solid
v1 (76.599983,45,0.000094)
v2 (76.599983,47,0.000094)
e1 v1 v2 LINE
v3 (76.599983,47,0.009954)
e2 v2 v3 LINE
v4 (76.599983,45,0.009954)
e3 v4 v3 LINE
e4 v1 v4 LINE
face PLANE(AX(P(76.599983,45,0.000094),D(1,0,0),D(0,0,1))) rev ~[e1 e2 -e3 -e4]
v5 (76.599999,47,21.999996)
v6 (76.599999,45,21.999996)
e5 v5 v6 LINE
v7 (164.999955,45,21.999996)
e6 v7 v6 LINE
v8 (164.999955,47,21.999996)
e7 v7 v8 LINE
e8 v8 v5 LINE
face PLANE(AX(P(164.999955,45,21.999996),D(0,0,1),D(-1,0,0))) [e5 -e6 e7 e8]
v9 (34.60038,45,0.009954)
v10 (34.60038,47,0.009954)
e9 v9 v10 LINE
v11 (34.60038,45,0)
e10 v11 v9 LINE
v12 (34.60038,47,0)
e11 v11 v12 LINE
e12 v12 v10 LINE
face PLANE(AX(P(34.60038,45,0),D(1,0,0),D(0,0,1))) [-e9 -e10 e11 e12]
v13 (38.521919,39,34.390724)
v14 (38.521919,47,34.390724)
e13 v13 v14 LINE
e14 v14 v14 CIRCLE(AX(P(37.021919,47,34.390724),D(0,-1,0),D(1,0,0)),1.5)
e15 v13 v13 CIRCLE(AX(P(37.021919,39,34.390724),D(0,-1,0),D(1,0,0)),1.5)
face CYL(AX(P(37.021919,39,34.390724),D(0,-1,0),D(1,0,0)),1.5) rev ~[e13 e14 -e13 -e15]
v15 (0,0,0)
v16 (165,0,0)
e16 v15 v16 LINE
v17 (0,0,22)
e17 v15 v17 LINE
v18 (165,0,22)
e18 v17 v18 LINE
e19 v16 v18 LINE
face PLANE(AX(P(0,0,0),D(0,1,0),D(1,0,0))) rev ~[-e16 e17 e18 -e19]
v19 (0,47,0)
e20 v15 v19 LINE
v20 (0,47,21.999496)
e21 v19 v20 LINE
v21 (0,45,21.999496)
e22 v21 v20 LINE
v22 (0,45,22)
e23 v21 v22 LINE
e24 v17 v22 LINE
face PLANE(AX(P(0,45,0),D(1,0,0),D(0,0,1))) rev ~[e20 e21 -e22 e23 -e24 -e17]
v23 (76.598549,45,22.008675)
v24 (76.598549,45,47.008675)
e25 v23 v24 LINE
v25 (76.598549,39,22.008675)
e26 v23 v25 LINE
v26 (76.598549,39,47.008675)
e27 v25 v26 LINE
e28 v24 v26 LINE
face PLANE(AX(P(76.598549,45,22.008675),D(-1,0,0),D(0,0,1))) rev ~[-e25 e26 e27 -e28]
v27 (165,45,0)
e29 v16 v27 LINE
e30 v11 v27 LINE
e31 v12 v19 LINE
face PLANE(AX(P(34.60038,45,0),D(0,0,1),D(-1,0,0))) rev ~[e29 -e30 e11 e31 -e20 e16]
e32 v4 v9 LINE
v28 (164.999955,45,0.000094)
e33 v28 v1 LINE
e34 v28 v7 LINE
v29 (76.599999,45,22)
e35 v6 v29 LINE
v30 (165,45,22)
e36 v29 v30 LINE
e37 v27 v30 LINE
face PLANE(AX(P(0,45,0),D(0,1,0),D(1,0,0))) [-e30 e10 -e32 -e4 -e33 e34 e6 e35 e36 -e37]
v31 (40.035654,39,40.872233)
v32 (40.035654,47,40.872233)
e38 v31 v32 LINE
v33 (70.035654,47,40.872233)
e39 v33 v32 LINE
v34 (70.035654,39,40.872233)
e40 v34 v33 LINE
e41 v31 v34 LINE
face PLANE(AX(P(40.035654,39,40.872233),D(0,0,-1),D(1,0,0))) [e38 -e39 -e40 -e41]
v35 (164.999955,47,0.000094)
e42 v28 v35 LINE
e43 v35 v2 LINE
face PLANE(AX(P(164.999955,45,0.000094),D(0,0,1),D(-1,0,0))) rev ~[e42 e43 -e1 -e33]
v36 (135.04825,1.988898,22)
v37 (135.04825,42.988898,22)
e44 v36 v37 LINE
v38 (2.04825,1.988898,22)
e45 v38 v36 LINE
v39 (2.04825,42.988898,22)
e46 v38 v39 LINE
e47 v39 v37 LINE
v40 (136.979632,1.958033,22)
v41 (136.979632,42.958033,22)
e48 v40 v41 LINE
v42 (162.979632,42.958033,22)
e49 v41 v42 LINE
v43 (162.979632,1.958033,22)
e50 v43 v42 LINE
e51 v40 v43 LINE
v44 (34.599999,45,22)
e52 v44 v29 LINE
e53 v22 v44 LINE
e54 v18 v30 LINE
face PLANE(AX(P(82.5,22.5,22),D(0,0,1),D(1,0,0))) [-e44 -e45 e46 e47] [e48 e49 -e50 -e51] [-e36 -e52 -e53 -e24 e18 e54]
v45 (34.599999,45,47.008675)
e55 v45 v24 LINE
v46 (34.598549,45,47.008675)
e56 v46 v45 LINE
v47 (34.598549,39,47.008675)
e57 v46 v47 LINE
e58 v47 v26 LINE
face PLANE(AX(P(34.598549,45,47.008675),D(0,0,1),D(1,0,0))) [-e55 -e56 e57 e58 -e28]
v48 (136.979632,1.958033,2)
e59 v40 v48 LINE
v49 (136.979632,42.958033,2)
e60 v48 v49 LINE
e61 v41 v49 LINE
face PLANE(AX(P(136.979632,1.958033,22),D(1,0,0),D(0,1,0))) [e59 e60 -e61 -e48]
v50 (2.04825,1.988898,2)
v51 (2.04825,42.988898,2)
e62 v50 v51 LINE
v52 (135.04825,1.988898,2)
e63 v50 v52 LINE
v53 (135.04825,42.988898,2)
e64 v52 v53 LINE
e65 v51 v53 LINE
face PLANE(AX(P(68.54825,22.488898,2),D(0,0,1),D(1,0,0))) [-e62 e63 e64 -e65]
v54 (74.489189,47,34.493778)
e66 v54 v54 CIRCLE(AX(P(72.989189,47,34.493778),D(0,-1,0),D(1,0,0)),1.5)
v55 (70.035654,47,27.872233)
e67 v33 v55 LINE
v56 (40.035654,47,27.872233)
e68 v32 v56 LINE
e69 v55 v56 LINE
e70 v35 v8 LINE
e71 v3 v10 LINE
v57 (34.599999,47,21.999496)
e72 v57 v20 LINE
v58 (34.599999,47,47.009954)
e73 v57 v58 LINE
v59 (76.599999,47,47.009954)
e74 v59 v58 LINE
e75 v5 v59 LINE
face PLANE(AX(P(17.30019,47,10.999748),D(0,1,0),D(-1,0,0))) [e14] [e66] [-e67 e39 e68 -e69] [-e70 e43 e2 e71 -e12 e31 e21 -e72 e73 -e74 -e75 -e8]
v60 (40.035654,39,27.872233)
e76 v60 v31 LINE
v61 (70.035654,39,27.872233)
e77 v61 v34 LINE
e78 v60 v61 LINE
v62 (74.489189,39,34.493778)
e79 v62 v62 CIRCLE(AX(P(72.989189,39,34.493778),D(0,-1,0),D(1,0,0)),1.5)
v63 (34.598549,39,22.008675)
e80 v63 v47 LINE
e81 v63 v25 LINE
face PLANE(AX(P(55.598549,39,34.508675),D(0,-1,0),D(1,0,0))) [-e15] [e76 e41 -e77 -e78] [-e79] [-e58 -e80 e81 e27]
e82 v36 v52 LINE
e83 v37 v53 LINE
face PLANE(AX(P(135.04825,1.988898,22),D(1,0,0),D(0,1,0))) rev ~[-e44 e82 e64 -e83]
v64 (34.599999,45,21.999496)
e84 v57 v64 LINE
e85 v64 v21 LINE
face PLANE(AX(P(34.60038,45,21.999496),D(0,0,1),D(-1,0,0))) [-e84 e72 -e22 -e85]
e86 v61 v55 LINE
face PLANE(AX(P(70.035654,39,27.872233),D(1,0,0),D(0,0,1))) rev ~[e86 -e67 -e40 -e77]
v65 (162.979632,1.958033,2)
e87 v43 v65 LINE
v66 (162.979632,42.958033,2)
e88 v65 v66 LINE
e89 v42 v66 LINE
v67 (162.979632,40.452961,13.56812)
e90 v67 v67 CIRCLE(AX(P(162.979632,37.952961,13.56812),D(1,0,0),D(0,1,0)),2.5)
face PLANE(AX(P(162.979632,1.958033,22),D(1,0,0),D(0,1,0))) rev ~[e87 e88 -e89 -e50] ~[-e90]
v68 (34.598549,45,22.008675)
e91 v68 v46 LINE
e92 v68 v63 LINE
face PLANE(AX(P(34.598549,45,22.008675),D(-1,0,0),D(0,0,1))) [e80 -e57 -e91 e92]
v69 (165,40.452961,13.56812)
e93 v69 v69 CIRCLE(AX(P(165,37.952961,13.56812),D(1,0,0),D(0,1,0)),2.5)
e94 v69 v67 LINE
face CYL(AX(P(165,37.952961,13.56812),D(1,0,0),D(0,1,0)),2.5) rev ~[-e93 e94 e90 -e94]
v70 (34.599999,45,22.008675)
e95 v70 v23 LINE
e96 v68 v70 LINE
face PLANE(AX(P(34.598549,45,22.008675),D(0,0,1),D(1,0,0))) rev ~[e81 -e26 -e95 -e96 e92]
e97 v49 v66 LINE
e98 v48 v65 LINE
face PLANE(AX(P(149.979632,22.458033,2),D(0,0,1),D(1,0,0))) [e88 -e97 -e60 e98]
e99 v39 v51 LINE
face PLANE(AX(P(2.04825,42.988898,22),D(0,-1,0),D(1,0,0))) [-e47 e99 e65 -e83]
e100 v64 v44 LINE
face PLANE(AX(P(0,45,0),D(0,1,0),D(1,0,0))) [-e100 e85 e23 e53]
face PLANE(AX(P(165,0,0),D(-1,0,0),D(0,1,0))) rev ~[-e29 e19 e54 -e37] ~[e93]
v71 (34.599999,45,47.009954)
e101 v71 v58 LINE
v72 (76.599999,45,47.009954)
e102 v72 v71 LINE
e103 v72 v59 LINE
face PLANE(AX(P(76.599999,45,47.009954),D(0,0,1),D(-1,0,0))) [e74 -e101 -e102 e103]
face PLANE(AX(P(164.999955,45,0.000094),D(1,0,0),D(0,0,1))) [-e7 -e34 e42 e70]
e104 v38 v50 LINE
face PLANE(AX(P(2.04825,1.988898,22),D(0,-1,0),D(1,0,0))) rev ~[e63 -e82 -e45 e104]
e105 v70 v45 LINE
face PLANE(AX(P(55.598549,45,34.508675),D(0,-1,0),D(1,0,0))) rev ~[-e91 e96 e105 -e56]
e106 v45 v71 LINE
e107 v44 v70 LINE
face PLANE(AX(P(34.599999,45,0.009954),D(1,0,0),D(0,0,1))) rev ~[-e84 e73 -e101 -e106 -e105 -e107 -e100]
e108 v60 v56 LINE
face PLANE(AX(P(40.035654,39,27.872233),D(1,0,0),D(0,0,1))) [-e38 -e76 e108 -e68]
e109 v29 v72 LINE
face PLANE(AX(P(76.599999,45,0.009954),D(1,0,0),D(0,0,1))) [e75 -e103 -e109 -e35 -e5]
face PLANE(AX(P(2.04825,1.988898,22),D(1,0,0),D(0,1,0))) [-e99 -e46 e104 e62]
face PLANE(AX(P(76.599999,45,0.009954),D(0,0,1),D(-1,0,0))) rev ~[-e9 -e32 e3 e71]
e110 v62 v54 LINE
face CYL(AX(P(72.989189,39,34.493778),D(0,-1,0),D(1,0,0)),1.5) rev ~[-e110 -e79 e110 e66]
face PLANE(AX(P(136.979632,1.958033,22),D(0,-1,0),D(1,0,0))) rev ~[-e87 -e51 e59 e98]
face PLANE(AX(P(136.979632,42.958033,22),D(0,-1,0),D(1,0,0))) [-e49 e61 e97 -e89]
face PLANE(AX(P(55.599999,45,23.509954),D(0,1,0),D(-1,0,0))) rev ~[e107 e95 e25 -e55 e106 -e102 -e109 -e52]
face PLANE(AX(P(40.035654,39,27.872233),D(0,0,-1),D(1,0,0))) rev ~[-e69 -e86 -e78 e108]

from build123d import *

# Parameters (mm, degrees)
SKETCH_W        = 165
SKETCH_H        = 45
PAD_DEPTH       = 22
SKETCH001_W     = 133
SKETCH001_H     = 41
POCKET_DEPTH    = 20
SKETCH002_W     = 26
SKETCH002_H     = 41
POCKET001_DEPTH = 20
SKETCH003_W     = 42
SKETCH003_H     = 47
PAD001_DEPTH    = 2
SKETCH008_W     = 42
SKETCH008_H     = 25
PAD002_DEPTH    = 6
SKETCH005_W     = 30
SKETCH005_H     = 13
POCKET002_DEPTH = 8.001
SKETCH009_R     = 1.5
POCKET003_DEPTH = 8.001
SKETCH007_R     = 2.5
POCKET004_DEPTH = 5
SKETCH011_W     = 88.399971
SKETCH011_H     = 21.999902
PAD003_DEPTH    = 2
SKETCH012_W     = 34.60038
SKETCH012_H     = 21.999496
PAD004_DEPTH    = 2


with BuildPart() as part:
    # Sketch → Pad (new body)
    with BuildSketch(Plane.XY):
        with Locations((82.5, 22.5)):
            Rectangle(SKETCH_W, SKETCH_H)
    extrude(amount=PAD_DEPTH)

    # Sketch001 (on Face6 of Pad) → Pocket (cut)
    with BuildSketch(Plane.XY.offset(22)):
        with Locations((68.54825, 22.488898)):
            Rectangle(SKETCH001_W, SKETCH001_H)
    extrude(amount=-POCKET_DEPTH, mode=Mode.SUBTRACT)

    # Sketch002 (on Face5 of Pocket) → Pocket001 (cut)
    with BuildSketch(Plane.XY.offset(22)):
        with Locations((149.979632, 22.458033)):
            Rectangle(SKETCH002_W, SKETCH002_H)
    extrude(amount=-POCKET001_DEPTH, mode=Mode.SUBTRACT)

    # Sketch003 (on Face1 of Pocket001) → Pad001 (join)
    with BuildSketch(Plane(origin=(0, 45, 0), x_dir=(-1, 0, 0), z_dir=(0, 1, 0))):
        with Locations((-55.599999, 23.509954)):
            Rectangle(SKETCH003_W, SKETCH003_H)
    extrude(amount=PAD001_DEPTH)

    # Sketch008 (on Face10 of Pad001) → Pad002 (join)
    with BuildSketch(Plane.XZ.offset(-45)):
        with Locations((55.598549, 34.508675)):
            Rectangle(SKETCH008_W, SKETCH008_H)
    extrude(amount=PAD002_DEPTH)

    # Sketch005 (on Face28 of Pad002) → Pocket002 (cut, through all)
    with BuildSketch(Plane.XZ.offset(-39)):
        with Locations((55.035654, 34.372233)):
            Rectangle(SKETCH005_W, SKETCH005_H)
    extrude(amount=-POCKET002_DEPTH, mode=Mode.SUBTRACT)

    # Sketch009 (on Face32 of Pocket002) → Pocket003 (cut, through all)
    with BuildSketch(Plane.XZ.offset(-39)):
        with Locations((37.021919, 34.390724)):
            Circle(SKETCH009_R)
        with Locations((72.989189, 34.493778)):
            Circle(SKETCH009_R)
    extrude(amount=-POCKET003_DEPTH, mode=Mode.SUBTRACT)

    # Sketch007 (on Face3 of Pocket003) → Pocket004 (cut)
    with BuildSketch(Plane.YZ.offset(165)):
        with Locations((37.952961, 13.56812)):
            Circle(SKETCH007_R)
    extrude(amount=-POCKET004_DEPTH, mode=Mode.SUBTRACT)

    # Sketch011 (on Face2 of Pocket004) → Pad003 (join)
    with BuildSketch(Plane(origin=(0, 45, 0), x_dir=(-1, 0, 0), z_dir=(0, 1, 0))):
        with Locations((-120.799969, 11.000045)):
            Rectangle(SKETCH011_W, SKETCH011_H)
    extrude(amount=PAD003_DEPTH)

    # Sketch012 (on Face2 of Pad003) → Pad004 (join)
    with BuildSketch(Plane(origin=(0, 45, 0), x_dir=(-1, 0, 0), z_dir=(0, 1, 0))):
        with Locations((-17.30019, 10.999748)):
            Rectangle(SKETCH012_W, SKETCH012_H)
    extrude(amount=PAD004_DEPTH)


solid = part.part
